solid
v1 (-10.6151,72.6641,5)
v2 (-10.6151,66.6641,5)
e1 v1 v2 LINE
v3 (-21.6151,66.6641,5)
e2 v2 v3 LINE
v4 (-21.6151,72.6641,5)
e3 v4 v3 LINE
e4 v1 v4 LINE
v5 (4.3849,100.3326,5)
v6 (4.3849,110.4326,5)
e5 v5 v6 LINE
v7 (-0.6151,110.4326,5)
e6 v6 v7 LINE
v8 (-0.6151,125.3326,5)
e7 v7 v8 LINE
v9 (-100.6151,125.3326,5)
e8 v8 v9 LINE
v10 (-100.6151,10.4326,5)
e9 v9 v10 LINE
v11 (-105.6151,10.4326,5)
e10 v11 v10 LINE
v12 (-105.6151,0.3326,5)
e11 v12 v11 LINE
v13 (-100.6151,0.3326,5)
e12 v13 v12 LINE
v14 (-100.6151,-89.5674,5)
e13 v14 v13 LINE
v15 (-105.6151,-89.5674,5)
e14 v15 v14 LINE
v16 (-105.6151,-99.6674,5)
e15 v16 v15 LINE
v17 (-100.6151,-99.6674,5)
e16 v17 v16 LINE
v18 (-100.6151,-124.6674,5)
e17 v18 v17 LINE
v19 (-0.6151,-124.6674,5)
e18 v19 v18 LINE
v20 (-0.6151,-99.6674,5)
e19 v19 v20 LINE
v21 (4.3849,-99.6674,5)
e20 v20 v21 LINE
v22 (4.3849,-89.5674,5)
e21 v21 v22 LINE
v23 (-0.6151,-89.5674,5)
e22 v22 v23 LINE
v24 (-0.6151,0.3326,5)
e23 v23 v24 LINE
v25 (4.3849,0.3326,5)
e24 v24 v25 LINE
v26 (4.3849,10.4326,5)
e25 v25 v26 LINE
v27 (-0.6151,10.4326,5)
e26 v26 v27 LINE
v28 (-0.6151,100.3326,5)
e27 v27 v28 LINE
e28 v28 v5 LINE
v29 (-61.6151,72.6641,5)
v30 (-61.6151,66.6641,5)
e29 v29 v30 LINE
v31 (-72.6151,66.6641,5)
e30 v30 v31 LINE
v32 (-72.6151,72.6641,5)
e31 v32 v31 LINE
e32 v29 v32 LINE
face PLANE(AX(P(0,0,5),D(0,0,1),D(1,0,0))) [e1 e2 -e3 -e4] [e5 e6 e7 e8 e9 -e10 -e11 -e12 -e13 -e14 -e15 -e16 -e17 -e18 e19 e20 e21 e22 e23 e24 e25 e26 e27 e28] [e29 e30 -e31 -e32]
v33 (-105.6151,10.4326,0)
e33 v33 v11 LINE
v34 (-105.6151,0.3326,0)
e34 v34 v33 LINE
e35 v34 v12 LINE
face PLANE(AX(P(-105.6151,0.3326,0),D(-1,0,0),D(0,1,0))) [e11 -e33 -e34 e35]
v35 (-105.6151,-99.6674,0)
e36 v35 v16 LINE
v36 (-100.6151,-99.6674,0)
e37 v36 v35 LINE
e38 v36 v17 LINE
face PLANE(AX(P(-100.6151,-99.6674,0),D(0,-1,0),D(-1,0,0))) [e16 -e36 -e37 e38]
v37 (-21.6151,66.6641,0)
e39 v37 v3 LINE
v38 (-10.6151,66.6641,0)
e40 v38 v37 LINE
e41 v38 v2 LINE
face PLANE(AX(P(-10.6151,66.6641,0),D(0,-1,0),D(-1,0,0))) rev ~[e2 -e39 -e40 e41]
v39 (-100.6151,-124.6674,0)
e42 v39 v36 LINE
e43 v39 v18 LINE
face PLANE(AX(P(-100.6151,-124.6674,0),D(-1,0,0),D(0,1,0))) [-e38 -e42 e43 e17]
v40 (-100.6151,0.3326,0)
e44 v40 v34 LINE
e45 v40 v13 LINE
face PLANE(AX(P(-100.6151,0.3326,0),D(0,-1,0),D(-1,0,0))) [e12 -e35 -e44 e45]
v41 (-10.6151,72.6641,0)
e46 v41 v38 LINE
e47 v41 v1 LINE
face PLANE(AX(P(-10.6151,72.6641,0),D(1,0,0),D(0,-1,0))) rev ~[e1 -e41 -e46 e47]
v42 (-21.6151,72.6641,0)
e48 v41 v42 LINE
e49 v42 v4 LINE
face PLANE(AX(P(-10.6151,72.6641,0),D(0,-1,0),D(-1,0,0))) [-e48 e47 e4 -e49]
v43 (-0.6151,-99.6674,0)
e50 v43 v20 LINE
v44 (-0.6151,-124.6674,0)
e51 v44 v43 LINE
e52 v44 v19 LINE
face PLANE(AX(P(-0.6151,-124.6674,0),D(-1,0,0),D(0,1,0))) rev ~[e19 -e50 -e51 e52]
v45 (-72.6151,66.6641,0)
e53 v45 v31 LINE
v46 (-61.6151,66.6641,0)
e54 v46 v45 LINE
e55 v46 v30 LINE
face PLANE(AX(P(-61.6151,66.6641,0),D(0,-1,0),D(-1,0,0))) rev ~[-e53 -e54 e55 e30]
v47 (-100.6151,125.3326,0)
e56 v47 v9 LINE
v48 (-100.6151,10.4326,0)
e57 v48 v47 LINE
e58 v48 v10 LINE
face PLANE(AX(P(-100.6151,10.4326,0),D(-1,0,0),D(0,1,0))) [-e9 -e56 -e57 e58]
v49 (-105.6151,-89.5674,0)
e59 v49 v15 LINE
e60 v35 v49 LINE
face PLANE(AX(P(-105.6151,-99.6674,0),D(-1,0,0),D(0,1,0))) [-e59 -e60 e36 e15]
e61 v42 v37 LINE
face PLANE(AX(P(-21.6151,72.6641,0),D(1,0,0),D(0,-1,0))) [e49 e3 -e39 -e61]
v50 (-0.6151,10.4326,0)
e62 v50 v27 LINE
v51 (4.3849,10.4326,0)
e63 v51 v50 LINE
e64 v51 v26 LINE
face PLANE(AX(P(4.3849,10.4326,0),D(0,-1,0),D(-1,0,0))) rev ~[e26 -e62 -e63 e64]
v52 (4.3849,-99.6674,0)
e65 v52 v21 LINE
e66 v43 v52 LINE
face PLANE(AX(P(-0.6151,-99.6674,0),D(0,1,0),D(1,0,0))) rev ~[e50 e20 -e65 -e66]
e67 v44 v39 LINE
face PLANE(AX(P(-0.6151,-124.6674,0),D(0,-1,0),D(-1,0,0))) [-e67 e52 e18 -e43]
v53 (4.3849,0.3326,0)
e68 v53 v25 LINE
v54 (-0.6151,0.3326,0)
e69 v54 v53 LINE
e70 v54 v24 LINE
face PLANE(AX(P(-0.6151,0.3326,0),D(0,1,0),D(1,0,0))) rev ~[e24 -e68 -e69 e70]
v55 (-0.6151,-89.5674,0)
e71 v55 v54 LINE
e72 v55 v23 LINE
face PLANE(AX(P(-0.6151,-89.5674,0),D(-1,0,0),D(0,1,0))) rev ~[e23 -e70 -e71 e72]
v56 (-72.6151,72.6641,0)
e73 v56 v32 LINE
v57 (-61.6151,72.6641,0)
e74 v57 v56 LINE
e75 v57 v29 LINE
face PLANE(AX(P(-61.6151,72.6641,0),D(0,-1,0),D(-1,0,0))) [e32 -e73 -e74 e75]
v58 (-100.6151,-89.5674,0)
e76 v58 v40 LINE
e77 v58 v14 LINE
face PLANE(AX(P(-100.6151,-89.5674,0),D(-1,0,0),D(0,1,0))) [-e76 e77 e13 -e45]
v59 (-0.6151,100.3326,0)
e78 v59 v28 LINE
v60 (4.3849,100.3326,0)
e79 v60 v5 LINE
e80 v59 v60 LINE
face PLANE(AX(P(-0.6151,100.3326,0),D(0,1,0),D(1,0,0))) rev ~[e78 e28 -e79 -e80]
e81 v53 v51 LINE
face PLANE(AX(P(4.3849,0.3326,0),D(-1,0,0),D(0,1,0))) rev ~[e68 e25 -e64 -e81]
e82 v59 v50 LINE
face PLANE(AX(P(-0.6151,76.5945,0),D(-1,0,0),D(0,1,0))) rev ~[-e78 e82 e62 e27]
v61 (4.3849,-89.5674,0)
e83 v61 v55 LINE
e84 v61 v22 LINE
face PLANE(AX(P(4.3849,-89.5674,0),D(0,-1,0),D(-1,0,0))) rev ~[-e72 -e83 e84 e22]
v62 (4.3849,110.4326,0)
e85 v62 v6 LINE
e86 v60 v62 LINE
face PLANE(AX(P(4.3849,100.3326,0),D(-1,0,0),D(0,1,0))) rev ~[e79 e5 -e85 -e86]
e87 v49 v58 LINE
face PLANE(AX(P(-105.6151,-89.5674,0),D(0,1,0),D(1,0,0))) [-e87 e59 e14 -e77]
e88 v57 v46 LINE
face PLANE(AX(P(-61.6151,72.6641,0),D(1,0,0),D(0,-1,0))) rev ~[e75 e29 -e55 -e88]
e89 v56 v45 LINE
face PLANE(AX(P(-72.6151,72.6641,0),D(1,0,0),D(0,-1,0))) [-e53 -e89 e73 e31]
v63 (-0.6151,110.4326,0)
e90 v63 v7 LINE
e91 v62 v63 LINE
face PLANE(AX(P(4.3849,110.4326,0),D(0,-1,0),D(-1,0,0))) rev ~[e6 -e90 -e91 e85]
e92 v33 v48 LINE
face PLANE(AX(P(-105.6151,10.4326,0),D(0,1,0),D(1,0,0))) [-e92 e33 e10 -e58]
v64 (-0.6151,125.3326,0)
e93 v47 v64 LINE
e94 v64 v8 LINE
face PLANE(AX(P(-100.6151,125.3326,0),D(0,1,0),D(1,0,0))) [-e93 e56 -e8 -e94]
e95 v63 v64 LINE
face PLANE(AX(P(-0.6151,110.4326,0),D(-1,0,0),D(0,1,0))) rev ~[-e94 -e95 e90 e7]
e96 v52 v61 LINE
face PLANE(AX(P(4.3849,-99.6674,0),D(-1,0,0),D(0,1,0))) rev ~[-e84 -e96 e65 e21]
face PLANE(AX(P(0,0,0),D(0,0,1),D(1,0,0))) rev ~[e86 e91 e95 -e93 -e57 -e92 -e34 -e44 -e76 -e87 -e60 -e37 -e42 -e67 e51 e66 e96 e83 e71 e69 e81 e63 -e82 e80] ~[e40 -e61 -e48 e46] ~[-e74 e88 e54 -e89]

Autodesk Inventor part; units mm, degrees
ref_plane "YZ Plane" through (0, 0, 0) normal (1, 0, 0) x (0, 1, 0)
ref_plane "XZ Plane" through (0, 0, 0) normal (0, 1, 0) x (-1, 0, 0)
ref_plane "XY Plane" through (0, 0, 0) normal (0, 0, 1) x (1, 0, 0)
sketch "Sketch1" plane through (0, 0, 0) normal (0, 0, 1) x (1, 0, 0)
  line L0 (-100.6151, -124.6674) -> (-100.6151, 125.3326)
  line L1 (-41.6151, -124.6674) -> (-41.6151, 125.3326) construction
  line L2 (-0.6151, -124.6674) -> (-0.6151, 73.3335)
  line L3 (-0.6151, -124.6674) -> (-100.6151, -124.6674)
  line L4 (4.3849, 110.4326) -> (-0.6151, 110.4326)
  line L5 (4.3849, 100.3326) -> (4.3849, 110.4326)
  line L6 (-0.6151, 100.3326) -> (4.3849, 100.3326)
  line L7 (4.3849, -89.5674) -> (-0.6151, -89.5674)
  line L8 (4.3849, -99.6674) -> (4.3849, -89.5674)
  line L9 (-0.6151, -99.6674) -> (4.3849, -99.6674)
  line L10 (-100.6151, 10.4326) -> (-100.6151, 0.3326)
  line L11 (-100.6151, 0.3326) -> (-0.6151, 0.3326) construction
  line L12 (-0.6151, 0.3326) -> (4.3849, 0.3326)
  line L13 (-0.6151, 0.3326) -> (4.3849, 0.3326)
  line L14 (4.3849, 0.3326) -> (4.3849, 10.4326)
  line L15 (4.3849, 0.3326) -> (4.3849, 10.4326)
  line L16 (4.3849, 10.4326) -> (-0.6151, 10.4326)
  line L17 (4.3849, 10.4326) -> (-0.6151, 10.4326)
  line L18 (-0.6151, 73.3335) -> (-0.6151, 125.3326)
  line L19 (-0.6151, 125.3326) -> (-0.6151, 75.3326)
  line L20 (-0.6151, 75.3326) -> (-100.6151, 75.3326) construction
  line L21 (-105.6151, -99.6674) -> (-105.6151, -89.5674)
  line L22 (-105.6151, -89.5674) -> (-100.6151, -89.5674)
  line L23 (-100.6151, -99.6674) -> (-105.6151, -99.6674)
  line L24 (-105.6151, 10.4326) -> (-100.6151, 10.4326)
  line L25 (-105.6151, 0.3326) -> (-105.6151, 10.4326)
  line L26 (-100.6151, 0.3326) -> (-105.6151, 0.3326)
  line L27 (-100.6151, 125.3326) -> (-0.6151, 125.3326)
  line L28 (-0.6151, 125.3326) -> (-10.6151, 125.3326)
  line L29 (-0.6151, 76.5945) -> (-0.6151, 125.3326)
  line L30 (-100.6151, 125.3326) -> (-90.6151, 125.3326)
  line L31 (-100.6151, 76.6641) -> (-100.6151, 125.3326)
  line L32 (-82.6151, 75.3326) -> (17.3849, 75.3326) construction
  line L33 (-10.6151, 72.6641) -> (-10.6151, 66.6641)
  line L34 (-21.6151, 72.6641) -> (-21.6151, 66.6641)
  line L35 (-61.6151, 72.6641) -> (-61.6151, 66.6641)
  line L36 (-72.6151, 72.6641) -> (-72.6151, 66.6641)
  line L37 (-21.6151, 72.6641) -> (-61.6151, 72.6641) construction
  line L38 (-21.6151, 66.6641) -> (-61.6151, 66.6641) construction
  line L39 (-10.6151, 66.6641) -> (-21.6151, 66.6641)
  line L40 (-10.6151, 72.6641) -> (-21.6151, 72.6641)
  line L41 (-61.6151, 72.6641) -> (-72.6151, 72.6641)
  line L42 (-61.6151, 66.6641) -> (-72.6151, 66.6641)
  line L43 (-72.6151, 66.6641) -> (-100.6151, 66.6641) construction
  line L44 (-72.6151, 72.6641) -> (-100.6151, 72.6641) construction
  point P0 (0, 0)
  point P1 (4.3849, 105.3826)
  point P2 (-10.6151, 69.6641)
  point P3 (4.3849, -94.6174)
  point P4 (4.3849, 5.3826)
  point P5 (4.3849, 5.3826)
  point P6 (-105.6151, -94.6174)
  point P7 (-105.6151, 5.3826)
  dimension "d1" = 11
  dimension "d4" = 40
  dimension "d6" = 5
  dimension "d7" = 10
  dimension "d8" = 100
extrude "Extrusion1" add sketch "Sketch1" along normal blind 5
properties part number "Lifting Sections back"
